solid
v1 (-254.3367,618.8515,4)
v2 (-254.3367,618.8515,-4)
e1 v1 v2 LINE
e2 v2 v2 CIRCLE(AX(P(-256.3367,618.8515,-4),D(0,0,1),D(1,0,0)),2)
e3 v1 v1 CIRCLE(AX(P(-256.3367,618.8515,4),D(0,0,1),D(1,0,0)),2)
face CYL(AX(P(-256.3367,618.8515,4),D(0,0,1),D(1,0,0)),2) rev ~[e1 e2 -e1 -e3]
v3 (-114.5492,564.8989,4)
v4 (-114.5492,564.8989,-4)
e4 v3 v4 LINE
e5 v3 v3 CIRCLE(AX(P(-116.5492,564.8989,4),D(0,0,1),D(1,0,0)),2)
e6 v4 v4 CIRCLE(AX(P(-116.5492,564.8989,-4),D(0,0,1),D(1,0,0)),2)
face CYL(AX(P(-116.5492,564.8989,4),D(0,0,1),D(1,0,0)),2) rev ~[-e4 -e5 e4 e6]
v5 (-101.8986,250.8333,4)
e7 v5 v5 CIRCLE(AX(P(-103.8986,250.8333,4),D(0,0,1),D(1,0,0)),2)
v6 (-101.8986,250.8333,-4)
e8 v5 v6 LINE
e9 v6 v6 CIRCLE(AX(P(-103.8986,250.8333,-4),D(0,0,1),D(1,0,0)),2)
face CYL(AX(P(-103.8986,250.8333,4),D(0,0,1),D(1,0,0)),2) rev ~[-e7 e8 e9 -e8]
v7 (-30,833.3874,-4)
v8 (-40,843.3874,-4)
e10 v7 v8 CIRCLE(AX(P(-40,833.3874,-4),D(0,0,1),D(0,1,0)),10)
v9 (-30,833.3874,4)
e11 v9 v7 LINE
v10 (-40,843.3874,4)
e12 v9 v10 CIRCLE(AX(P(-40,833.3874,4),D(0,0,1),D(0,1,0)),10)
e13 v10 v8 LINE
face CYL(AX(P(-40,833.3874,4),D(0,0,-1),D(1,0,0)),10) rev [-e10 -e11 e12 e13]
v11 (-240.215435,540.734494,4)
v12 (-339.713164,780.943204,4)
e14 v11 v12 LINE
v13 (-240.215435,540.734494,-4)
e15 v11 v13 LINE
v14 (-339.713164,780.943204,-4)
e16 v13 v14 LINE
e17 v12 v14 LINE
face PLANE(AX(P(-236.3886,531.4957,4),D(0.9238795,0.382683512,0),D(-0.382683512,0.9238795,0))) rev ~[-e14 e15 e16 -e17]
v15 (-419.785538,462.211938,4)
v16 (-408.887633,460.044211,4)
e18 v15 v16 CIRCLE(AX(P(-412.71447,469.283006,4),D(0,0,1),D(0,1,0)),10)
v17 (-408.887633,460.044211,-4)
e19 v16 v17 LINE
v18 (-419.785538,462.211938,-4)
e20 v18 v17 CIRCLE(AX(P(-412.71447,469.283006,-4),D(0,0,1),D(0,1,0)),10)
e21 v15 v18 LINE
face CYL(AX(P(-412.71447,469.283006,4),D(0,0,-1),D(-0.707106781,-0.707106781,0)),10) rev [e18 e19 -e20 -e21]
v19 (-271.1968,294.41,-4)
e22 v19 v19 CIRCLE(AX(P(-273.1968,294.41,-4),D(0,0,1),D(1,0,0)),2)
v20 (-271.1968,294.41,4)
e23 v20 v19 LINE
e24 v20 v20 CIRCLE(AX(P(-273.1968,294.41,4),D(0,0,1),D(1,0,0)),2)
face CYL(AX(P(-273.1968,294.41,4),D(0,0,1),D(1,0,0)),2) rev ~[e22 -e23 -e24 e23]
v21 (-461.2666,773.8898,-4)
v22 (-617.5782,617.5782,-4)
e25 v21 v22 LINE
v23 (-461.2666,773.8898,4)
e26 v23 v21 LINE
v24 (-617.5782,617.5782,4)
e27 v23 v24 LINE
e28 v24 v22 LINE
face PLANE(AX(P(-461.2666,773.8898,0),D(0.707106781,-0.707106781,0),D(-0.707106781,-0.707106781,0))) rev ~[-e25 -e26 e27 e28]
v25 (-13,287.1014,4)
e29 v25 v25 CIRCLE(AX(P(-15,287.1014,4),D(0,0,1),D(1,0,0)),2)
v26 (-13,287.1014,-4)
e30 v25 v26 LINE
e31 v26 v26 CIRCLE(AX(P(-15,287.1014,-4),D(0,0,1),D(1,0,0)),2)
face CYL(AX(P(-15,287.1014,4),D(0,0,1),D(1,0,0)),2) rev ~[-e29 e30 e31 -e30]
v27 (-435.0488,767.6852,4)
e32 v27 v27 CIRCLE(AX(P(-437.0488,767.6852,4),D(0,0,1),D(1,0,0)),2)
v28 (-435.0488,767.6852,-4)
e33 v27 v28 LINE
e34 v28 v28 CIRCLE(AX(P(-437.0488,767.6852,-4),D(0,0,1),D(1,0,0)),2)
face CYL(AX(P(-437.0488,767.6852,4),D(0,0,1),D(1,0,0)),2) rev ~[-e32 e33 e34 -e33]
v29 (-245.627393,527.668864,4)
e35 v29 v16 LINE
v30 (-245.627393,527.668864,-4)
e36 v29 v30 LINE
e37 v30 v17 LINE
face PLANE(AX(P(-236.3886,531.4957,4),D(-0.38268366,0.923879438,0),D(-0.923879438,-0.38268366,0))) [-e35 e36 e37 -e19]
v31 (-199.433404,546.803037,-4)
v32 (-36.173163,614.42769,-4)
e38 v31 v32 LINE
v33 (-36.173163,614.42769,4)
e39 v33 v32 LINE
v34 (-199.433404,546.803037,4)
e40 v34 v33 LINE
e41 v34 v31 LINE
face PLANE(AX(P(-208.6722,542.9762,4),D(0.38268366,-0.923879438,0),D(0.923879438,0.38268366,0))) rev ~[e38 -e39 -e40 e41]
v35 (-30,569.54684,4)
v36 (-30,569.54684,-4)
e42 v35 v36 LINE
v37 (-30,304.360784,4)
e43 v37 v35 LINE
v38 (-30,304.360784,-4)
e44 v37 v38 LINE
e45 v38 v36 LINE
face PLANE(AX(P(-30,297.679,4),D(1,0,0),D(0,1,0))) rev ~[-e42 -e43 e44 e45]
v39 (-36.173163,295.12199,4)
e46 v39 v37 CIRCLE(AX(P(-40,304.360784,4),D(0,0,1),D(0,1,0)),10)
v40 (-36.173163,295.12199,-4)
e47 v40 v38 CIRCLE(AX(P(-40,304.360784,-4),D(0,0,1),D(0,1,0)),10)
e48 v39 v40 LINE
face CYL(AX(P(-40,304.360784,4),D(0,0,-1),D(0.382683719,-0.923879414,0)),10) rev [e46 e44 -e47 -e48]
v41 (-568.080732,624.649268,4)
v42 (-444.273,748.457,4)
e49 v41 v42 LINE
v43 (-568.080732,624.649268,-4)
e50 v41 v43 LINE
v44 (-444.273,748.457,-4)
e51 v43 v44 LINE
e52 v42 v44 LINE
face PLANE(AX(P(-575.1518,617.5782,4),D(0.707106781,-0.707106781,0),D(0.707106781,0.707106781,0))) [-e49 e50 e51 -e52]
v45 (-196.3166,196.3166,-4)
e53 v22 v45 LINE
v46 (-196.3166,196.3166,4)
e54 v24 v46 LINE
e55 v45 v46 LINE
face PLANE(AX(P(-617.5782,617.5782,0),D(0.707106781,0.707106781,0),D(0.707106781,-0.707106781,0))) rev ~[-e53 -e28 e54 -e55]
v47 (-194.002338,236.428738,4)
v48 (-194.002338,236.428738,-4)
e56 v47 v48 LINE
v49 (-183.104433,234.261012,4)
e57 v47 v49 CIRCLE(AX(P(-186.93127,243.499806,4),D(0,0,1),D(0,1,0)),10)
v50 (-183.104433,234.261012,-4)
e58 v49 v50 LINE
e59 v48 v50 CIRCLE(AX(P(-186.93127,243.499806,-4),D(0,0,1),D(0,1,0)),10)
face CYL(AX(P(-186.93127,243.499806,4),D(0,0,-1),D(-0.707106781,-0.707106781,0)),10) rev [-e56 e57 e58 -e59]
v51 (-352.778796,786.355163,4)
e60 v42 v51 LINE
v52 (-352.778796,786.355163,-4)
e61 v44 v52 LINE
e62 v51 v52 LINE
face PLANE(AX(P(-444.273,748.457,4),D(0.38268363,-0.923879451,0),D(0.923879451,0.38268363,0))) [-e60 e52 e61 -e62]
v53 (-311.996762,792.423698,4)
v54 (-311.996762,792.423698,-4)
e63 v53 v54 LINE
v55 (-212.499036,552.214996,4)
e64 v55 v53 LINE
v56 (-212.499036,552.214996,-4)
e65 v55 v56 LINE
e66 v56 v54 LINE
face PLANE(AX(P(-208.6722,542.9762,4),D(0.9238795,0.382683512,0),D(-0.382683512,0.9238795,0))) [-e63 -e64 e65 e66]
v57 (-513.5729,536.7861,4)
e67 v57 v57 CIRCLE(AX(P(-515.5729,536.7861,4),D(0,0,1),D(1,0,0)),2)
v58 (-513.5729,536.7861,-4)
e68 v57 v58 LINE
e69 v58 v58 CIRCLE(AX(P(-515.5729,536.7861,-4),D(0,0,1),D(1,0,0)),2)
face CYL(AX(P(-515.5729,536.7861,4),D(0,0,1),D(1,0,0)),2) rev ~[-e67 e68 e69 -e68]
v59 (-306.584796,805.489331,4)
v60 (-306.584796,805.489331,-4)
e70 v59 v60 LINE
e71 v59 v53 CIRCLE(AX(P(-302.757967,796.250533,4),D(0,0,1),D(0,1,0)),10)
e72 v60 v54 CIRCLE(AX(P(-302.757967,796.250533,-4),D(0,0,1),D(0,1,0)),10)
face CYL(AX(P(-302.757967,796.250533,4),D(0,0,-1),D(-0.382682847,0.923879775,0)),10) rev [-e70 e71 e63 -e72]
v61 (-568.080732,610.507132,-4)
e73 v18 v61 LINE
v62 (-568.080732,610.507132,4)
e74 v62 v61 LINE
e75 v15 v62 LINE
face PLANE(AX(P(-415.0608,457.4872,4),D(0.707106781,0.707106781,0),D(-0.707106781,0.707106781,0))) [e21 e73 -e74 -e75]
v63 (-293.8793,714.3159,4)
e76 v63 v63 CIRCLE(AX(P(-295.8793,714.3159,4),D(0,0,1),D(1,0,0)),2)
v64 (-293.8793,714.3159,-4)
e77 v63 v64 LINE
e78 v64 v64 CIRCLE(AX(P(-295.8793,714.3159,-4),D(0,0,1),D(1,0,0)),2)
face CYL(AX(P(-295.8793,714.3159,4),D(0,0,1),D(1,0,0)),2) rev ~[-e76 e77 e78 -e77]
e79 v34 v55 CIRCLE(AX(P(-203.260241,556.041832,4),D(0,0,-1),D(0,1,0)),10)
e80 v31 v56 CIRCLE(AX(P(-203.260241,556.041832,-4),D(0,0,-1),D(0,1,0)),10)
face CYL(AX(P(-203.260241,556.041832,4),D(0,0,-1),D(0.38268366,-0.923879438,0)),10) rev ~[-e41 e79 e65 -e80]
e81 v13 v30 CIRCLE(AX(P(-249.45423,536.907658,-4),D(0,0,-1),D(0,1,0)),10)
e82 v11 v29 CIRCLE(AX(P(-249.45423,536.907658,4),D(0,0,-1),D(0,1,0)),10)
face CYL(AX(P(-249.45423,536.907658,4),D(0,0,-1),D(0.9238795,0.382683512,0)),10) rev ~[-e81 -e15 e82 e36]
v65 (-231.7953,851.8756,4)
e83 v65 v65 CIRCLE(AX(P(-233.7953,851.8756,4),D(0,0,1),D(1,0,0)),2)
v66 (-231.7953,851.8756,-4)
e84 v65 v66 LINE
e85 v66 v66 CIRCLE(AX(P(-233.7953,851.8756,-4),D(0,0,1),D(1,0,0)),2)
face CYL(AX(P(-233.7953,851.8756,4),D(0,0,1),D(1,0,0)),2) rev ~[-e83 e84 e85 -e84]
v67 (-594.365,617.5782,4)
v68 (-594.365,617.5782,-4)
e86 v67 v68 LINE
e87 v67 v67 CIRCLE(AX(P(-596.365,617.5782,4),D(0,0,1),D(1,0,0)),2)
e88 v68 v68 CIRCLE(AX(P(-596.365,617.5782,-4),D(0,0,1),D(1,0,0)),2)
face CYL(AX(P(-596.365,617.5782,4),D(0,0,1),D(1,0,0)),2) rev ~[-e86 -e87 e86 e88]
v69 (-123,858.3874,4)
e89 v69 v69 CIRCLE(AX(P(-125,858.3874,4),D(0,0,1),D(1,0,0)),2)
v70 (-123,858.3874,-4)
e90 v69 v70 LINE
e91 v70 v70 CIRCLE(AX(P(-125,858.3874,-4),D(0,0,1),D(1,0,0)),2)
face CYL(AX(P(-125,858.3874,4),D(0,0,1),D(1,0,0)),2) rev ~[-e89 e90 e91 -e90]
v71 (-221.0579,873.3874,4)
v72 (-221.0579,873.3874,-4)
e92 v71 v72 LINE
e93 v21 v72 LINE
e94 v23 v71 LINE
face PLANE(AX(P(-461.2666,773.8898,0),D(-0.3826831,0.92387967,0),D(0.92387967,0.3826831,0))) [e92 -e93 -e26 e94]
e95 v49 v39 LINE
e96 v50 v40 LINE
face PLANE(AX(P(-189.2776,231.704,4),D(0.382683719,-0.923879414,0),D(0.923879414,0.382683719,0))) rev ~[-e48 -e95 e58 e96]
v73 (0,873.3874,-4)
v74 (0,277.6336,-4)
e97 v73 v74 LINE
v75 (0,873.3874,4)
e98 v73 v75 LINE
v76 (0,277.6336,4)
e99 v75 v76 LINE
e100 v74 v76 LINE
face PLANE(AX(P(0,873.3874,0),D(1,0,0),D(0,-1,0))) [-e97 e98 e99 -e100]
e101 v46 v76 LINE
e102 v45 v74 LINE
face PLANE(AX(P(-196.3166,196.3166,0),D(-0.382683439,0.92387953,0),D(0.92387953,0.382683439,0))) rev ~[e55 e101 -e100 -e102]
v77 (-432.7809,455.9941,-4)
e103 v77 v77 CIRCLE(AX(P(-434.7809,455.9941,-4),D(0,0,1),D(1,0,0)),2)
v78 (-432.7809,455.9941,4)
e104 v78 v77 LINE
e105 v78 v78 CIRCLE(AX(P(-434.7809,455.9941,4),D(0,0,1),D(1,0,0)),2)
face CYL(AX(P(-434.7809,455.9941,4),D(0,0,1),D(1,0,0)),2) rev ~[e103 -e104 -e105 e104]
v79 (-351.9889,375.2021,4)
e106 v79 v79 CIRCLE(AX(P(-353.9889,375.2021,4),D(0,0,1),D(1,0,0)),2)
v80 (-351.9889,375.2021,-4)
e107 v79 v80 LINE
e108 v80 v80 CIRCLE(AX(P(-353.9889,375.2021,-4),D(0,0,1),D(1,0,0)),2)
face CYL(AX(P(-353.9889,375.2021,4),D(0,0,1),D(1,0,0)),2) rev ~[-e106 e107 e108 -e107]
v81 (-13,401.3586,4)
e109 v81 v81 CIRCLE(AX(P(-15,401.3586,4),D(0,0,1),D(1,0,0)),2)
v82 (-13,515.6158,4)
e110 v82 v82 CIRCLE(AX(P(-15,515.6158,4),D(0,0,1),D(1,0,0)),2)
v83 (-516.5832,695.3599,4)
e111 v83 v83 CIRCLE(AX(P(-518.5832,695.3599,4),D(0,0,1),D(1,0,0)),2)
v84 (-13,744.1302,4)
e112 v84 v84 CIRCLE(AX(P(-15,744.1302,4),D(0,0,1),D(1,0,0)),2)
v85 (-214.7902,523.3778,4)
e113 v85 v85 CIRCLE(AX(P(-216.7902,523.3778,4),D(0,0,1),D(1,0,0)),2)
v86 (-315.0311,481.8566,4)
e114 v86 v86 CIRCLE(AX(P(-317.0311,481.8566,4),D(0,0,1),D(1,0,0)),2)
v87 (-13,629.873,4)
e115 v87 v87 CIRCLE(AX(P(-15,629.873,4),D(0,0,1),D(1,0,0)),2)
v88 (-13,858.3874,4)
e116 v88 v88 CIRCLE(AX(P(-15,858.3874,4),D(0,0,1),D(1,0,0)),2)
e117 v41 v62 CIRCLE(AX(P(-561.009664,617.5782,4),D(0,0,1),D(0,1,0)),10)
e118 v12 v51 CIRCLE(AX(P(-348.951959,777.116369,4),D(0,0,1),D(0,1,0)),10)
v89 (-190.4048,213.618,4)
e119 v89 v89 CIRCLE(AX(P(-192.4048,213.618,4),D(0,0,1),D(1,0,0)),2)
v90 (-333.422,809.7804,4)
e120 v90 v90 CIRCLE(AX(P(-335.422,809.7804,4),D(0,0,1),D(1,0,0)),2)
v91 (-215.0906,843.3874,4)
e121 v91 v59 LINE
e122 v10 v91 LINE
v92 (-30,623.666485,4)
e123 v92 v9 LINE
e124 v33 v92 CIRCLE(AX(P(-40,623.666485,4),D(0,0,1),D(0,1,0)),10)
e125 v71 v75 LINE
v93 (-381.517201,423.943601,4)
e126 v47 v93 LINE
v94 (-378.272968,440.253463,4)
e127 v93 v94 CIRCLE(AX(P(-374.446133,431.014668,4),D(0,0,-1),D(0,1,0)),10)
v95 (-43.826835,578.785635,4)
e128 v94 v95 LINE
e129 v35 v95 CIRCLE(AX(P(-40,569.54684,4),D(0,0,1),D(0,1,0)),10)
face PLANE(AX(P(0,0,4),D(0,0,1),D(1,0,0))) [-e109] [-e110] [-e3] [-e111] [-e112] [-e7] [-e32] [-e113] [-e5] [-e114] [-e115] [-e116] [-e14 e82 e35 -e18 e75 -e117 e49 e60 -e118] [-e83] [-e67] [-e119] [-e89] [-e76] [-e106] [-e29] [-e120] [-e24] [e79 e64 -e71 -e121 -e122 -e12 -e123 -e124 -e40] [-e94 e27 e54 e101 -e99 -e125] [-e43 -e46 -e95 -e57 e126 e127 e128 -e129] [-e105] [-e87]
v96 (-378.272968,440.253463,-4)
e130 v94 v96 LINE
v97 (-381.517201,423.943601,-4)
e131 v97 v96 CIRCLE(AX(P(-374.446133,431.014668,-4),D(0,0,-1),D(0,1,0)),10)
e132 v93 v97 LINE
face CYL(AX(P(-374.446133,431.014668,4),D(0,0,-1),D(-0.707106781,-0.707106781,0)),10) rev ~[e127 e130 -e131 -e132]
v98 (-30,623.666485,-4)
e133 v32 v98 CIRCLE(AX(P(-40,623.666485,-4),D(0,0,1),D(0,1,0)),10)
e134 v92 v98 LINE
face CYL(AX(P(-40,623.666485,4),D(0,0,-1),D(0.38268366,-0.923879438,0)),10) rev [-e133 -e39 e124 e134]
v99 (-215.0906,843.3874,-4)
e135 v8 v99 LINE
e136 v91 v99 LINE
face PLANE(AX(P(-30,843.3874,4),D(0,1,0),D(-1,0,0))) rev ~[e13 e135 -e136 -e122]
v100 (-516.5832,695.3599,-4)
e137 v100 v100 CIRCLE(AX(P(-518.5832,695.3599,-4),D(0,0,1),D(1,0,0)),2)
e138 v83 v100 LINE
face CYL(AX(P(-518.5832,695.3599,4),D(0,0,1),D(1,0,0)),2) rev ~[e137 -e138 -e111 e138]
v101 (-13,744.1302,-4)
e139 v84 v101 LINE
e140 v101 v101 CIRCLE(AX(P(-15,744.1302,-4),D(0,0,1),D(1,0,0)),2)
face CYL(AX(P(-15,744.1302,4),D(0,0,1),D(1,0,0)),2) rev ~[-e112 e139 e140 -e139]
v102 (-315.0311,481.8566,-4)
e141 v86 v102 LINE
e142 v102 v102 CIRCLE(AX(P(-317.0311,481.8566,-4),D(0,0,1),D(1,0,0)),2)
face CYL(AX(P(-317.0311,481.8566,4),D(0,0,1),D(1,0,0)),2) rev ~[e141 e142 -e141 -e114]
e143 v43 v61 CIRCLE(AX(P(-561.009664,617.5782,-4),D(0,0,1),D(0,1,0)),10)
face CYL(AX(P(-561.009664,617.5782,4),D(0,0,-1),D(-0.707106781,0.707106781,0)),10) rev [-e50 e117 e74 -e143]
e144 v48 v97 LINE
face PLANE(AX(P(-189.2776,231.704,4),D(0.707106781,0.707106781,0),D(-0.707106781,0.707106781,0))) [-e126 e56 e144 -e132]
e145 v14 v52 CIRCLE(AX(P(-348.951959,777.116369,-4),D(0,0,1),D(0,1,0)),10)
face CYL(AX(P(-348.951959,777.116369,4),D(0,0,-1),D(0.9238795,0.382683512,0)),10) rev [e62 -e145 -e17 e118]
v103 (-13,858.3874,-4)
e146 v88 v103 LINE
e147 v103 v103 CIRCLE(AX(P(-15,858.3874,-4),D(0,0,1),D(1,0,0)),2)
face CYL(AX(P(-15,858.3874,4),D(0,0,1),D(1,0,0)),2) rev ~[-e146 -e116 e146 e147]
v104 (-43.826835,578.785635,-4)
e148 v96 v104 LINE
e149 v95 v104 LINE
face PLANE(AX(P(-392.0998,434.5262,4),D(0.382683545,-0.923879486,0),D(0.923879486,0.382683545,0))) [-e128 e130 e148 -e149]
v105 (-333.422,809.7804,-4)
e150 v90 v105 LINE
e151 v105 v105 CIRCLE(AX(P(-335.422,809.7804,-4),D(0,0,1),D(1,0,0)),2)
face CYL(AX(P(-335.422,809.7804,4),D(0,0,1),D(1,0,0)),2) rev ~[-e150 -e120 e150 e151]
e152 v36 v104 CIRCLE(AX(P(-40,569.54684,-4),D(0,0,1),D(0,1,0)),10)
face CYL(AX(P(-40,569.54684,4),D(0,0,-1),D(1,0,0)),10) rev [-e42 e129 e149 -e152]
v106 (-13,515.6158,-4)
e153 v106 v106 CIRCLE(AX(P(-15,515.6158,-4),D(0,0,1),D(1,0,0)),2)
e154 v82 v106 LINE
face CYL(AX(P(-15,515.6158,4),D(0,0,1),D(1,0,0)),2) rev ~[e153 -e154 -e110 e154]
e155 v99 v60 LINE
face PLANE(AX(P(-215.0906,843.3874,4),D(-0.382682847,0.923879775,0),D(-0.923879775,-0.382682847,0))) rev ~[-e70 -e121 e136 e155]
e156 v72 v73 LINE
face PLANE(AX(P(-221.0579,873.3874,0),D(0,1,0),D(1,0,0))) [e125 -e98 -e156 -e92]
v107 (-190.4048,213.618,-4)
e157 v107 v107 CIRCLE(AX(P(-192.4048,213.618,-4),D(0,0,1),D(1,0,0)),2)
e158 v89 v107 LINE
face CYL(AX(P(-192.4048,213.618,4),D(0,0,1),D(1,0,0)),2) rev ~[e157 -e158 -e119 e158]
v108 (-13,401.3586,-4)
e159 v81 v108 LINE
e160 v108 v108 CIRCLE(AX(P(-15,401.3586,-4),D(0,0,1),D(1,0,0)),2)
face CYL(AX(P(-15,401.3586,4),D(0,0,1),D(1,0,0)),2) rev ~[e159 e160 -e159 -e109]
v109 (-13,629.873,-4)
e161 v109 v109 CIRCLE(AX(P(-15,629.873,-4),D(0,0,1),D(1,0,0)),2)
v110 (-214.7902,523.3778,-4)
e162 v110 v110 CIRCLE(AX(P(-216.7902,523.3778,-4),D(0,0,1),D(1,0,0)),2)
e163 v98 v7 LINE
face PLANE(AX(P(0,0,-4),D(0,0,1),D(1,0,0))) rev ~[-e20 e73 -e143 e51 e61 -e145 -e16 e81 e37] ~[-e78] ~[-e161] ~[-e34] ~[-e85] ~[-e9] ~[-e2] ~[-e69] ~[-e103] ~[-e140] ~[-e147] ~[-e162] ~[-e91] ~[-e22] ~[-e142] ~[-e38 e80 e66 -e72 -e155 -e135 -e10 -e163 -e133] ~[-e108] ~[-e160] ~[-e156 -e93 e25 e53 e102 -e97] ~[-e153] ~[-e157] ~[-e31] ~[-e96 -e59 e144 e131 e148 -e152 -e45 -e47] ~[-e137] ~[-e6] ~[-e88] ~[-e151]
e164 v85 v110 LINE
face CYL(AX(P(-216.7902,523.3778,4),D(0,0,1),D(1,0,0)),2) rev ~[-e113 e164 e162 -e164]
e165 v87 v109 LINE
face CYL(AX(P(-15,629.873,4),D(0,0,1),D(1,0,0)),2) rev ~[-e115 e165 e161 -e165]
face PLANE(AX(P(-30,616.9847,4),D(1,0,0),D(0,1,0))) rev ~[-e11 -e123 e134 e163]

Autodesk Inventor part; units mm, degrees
ref_plane "YZ Plane" through (0, 0, 0) normal (1, 0, 0) x (0, 1, 0)
ref_plane "XZ Plane" through (0, 0, 0) normal (0, 1, 0) x (-1, 0, 0)
ref_plane "XY Plane" through (0, 0, 0) normal (0, 0, 1) x (1, 0, 0)
sketch "Sketch1" plane through (0, 0, 0) normal (0, 0, 1) x (1, 0, 0)
  line L0 (0, 277.6336) -> (196.3166, 196.3166) construction
  line L1 (196.3166, 196.3166) -> (277.6336, 0) construction
  line L2 (277.6336, 0) -> (196.3166, -196.3166) construction
  line L3 (196.3166, -196.3166) -> (0, -277.6336) construction
  line L4 (0, -277.6336) -> (-196.3166, -196.3166) construction
  line L5 (-196.3166, -196.3166) -> (-277.6336, 0) construction
  line L6 (-277.6336, 0) -> (-196.3166, 196.3166) construction
  line L7 (-196.3166, 196.3166) -> (0, 277.6336)
  line L8 (-196.3166, 196.3166) -> (0, 277.6336)
  line L9 (-461.2666, 773.8898) -> (-221.0579, 873.3874)
  line L10 (-98.1583, 236.9751) -> (-341.1623, 823.6386) construction
  line L11 (-221.0579, 873.3874) -> (0, 873.3874)
  line L12 (0, 873.3874) -> (0, 277.6336)
  line L13 (-461.2666, 773.8898) -> (-617.5782, 617.5782)
  line L14 (-617.5782, 617.5782) -> (-196.3166, 196.3166)
  point P0 (0, 0)
  point P1 (0, 0)
  dimension "d0" = 513
  dimension "d2" = 260
  dimension "d3" = 635
extrude "Extrusion1" add sketch "Sketch1" along normal mid plane 8
sketch "Sketch2" plane through (0, 0, 4) normal (0, 0, 1) x (1, 0, 0)
  line L0 (-221.0579, 873.3874) -> (-461.2666, 773.8898) projected
  line L1 (-461.2666, 773.8898) -> (-617.5782, 617.5782) projected
  line L2 (-236.3886, 531.4957) -> (-415.0608, 457.4872)
  line L3 (-196.3166, 196.3166) -> (0, 277.6336) projected
  line L4 (-98.1583, 236.9751) -> (-341.1623, 823.6386) construction
  line L5 (-617.5782, 617.5782) -> (-196.3166, 196.3166) projected
  line L6 (-415.0608, 457.4872) -> (-575.1518, 617.5782)
  line L7 (-575.1518, 617.5782) -> (-444.273, 748.457)
  line L8 (-444.273, 748.457) -> (-343.54, 790.182)
  line L9 (-236.3886, 531.4957) -> (-343.54, 790.182)
  line L10 (-208.6722, 542.9762) -> (-30, 616.9847)
  line L11 (-30, 616.9847) -> (-30, 843.3874)
  line L12 (-30, 843.3874) -> (-215.0906, 843.3874)
  line L13 (-215.0906, 843.3874) -> (-315.8236, 801.6625)
  line L14 (-208.6722, 542.9762) -> (-315.8236, 801.6625)
  line L15 (0, 277.6336) -> (0, 873.3874) projected
  line L16 (-415.0608, 457.4872) -> (-30, 616.9847) construction
  line L17 (-392.0998, 434.5262) -> (-30, 584.5129)
  line L18 (-189.2776, 231.704) -> (-30, 297.679)
  line L19 (-30, 297.679) -> (-30, 584.5129)
  line L20 (-189.2776, 231.704) -> (-392.0998, 434.5262)
  point P0 (0, 0)
  dimension "d11" = 30
  dimension "d12" = 280
  dimension "d13" = 30
  dimension "d14" = 30
  dimension "d15" = 15
  dimension "d21" = 30
  dimension "d22" = 30
  dimension "d23" = 30
  dimension "d24" = 30
extrude "Extrusion2" cut sketch "Sketch2" against normal up to surface (8 mm away)
fillet "Fillet1" radius 10 12 edges at (-575.1518, 617.5782, 0) (-343.54, 790.182, 0) (-236.3886, 531.4957, 0) (-415.0608, 457.4872, 0) (-315.8236, 801.6625, 0) (-30, 843.3874, 0) (-30, 616.9847, 0) (-208.6722, 542.9762, 0) (-392.0998, 434.5262, 0) (-30, 584.5129, 0) (-30, 297.679, 0) (-189.2776, 231.704, 0)
sketch "Sketch5" plane through (0, 0, 4) normal (0, 0, 1) x (1, 0, 0)
  line L0 (-221.0579, 873.3874) -> (-461.2666, 773.8898) projected
  line L1 (0, 873.3874) -> (-221.0579, 873.3874) projected
  line L2 (-461.2666, 773.8898) -> (-617.5782, 617.5782) projected
  line L3 (-617.5782, 617.5782) -> (-196.3166, 196.3166) projected
  line L4 (-196.3166, 196.3166) -> (0, 277.6336) projected
  line L5 (0, 277.6336) -> (0, 873.3874) projected
  line L6 (-15, 858.3874) -> (-218.0743, 858.3874) construction
  line L7 (-218.0743, 858.3874) -> (-452.7698, 761.1734) construction
  line L8 (-452.7698, 761.1734) -> (-596.365, 617.5782) construction
  line L9 (-596.365, 617.5782) -> (-192.7971, 214.0103) construction
  line L10 (-192.7971, 214.0103) -> (-15, 287.6563) construction
  line L11 (-15, 287.6563) -> (-15, 858.3874) construction
  line L12 (-378.273, 440.2535) -> (-43.8268, 578.7856) projected
  line L13 (-212.4991, 552.215) -> (-311.9967, 792.4237) projected
  line L14 (-418.5803, 439.7935) -> (-15, 606.962) construction
  line L15 (-216.7902, 523.3778) -> (-335.422, 809.7804) construction
  circle A0 centre (-335.422, 809.7804) radius 2
  circle A1 centre (-216.7902, 523.3778) radius 2
  circle A2 centre (-295.8793, 714.3159) radius 2
  circle A3 centre (-256.3367, 618.8515) radius 2
  circle A4 centre (-596.365, 617.5782) radius 2
  circle A5 centre (-515.5729, 536.7861) radius 2
  circle A6 centre (-434.7809, 455.9941) radius 2
  circle A7 centre (-353.9889, 375.2021) radius 2
  circle A8 centre (-273.1968, 294.41) radius 2
  circle A9 centre (-192.4048, 213.618) radius 2
  circle A10 centre (-317.0311, 481.8566) radius 2
  circle A11 centre (-103.8986, 250.8333) radius 2
  circle A12 centre (-518.5832, 695.3599) radius 2
  circle A13 centre (-437.0488, 767.6852) radius 2
  circle A14 centre (-15, 858.3874) radius 2
  circle A15 centre (-15, 744.1302) radius 2
  circle A16 centre (-15, 629.873) radius 2
  circle A17 centre (-15, 515.6158) radius 2
  circle A18 centre (-15, 401.3586) radius 2
  circle A19 centre (-15, 287.1014) radius 2
  circle A20 centre (-116.5492, 564.8989) radius 2
  circle A21 centre (-125, 858.3874) radius 2
  circle A22 centre (-233.7953, 851.8756) radius 2
  point P0 (0, 0)
  dimension "d32" = 15
  dimension "d33" = 15
  dimension "d34" = 15
  dimension "d35" = 4
  dimension "d37" = 103.33
  dimension "d38" = 103.33
  dimension "d43" = 114.2572
  dimension "d49" = 108.5
  dimension "d50" = 110
  dimension "d51" = 110
extrude "Extrusion4" cut sketch "Sketch5" against normal up to surface (8 mm away) contours A0 | A1 | A2 | A3 | A4 | A5 | A6 | A7 | A8 | A9 | A10 | A11 | A12 | A13 | A14 | A15 | A16 | A17 | A18 | A19 | A20 | A21 | A22
equation "\"d0\" = Барабан_габарит_по_кассетам"
equation "\"d2\" = Кассета_длина_грани"
equation "\"d3\" = Кассета_высота"
equation "\"d11\" = d13"
equation "\"d14\" = d13"
equation "\"d15\" = 0.5 * d13"
equation "\"d21\" = d13"
equation "\"d22\" = d13"
equation "\"d23\" = d13"
equation "\"d24\" = d13"
equation "\"Барабан_габарит_по_кассетам\" = 513"
equation "\"Кассета_длина_грани\" = 260"
equation "\"Кассета_высота\" = 635"
properties part number "ДМФ 01 56 Крепление сетки к кассете"
